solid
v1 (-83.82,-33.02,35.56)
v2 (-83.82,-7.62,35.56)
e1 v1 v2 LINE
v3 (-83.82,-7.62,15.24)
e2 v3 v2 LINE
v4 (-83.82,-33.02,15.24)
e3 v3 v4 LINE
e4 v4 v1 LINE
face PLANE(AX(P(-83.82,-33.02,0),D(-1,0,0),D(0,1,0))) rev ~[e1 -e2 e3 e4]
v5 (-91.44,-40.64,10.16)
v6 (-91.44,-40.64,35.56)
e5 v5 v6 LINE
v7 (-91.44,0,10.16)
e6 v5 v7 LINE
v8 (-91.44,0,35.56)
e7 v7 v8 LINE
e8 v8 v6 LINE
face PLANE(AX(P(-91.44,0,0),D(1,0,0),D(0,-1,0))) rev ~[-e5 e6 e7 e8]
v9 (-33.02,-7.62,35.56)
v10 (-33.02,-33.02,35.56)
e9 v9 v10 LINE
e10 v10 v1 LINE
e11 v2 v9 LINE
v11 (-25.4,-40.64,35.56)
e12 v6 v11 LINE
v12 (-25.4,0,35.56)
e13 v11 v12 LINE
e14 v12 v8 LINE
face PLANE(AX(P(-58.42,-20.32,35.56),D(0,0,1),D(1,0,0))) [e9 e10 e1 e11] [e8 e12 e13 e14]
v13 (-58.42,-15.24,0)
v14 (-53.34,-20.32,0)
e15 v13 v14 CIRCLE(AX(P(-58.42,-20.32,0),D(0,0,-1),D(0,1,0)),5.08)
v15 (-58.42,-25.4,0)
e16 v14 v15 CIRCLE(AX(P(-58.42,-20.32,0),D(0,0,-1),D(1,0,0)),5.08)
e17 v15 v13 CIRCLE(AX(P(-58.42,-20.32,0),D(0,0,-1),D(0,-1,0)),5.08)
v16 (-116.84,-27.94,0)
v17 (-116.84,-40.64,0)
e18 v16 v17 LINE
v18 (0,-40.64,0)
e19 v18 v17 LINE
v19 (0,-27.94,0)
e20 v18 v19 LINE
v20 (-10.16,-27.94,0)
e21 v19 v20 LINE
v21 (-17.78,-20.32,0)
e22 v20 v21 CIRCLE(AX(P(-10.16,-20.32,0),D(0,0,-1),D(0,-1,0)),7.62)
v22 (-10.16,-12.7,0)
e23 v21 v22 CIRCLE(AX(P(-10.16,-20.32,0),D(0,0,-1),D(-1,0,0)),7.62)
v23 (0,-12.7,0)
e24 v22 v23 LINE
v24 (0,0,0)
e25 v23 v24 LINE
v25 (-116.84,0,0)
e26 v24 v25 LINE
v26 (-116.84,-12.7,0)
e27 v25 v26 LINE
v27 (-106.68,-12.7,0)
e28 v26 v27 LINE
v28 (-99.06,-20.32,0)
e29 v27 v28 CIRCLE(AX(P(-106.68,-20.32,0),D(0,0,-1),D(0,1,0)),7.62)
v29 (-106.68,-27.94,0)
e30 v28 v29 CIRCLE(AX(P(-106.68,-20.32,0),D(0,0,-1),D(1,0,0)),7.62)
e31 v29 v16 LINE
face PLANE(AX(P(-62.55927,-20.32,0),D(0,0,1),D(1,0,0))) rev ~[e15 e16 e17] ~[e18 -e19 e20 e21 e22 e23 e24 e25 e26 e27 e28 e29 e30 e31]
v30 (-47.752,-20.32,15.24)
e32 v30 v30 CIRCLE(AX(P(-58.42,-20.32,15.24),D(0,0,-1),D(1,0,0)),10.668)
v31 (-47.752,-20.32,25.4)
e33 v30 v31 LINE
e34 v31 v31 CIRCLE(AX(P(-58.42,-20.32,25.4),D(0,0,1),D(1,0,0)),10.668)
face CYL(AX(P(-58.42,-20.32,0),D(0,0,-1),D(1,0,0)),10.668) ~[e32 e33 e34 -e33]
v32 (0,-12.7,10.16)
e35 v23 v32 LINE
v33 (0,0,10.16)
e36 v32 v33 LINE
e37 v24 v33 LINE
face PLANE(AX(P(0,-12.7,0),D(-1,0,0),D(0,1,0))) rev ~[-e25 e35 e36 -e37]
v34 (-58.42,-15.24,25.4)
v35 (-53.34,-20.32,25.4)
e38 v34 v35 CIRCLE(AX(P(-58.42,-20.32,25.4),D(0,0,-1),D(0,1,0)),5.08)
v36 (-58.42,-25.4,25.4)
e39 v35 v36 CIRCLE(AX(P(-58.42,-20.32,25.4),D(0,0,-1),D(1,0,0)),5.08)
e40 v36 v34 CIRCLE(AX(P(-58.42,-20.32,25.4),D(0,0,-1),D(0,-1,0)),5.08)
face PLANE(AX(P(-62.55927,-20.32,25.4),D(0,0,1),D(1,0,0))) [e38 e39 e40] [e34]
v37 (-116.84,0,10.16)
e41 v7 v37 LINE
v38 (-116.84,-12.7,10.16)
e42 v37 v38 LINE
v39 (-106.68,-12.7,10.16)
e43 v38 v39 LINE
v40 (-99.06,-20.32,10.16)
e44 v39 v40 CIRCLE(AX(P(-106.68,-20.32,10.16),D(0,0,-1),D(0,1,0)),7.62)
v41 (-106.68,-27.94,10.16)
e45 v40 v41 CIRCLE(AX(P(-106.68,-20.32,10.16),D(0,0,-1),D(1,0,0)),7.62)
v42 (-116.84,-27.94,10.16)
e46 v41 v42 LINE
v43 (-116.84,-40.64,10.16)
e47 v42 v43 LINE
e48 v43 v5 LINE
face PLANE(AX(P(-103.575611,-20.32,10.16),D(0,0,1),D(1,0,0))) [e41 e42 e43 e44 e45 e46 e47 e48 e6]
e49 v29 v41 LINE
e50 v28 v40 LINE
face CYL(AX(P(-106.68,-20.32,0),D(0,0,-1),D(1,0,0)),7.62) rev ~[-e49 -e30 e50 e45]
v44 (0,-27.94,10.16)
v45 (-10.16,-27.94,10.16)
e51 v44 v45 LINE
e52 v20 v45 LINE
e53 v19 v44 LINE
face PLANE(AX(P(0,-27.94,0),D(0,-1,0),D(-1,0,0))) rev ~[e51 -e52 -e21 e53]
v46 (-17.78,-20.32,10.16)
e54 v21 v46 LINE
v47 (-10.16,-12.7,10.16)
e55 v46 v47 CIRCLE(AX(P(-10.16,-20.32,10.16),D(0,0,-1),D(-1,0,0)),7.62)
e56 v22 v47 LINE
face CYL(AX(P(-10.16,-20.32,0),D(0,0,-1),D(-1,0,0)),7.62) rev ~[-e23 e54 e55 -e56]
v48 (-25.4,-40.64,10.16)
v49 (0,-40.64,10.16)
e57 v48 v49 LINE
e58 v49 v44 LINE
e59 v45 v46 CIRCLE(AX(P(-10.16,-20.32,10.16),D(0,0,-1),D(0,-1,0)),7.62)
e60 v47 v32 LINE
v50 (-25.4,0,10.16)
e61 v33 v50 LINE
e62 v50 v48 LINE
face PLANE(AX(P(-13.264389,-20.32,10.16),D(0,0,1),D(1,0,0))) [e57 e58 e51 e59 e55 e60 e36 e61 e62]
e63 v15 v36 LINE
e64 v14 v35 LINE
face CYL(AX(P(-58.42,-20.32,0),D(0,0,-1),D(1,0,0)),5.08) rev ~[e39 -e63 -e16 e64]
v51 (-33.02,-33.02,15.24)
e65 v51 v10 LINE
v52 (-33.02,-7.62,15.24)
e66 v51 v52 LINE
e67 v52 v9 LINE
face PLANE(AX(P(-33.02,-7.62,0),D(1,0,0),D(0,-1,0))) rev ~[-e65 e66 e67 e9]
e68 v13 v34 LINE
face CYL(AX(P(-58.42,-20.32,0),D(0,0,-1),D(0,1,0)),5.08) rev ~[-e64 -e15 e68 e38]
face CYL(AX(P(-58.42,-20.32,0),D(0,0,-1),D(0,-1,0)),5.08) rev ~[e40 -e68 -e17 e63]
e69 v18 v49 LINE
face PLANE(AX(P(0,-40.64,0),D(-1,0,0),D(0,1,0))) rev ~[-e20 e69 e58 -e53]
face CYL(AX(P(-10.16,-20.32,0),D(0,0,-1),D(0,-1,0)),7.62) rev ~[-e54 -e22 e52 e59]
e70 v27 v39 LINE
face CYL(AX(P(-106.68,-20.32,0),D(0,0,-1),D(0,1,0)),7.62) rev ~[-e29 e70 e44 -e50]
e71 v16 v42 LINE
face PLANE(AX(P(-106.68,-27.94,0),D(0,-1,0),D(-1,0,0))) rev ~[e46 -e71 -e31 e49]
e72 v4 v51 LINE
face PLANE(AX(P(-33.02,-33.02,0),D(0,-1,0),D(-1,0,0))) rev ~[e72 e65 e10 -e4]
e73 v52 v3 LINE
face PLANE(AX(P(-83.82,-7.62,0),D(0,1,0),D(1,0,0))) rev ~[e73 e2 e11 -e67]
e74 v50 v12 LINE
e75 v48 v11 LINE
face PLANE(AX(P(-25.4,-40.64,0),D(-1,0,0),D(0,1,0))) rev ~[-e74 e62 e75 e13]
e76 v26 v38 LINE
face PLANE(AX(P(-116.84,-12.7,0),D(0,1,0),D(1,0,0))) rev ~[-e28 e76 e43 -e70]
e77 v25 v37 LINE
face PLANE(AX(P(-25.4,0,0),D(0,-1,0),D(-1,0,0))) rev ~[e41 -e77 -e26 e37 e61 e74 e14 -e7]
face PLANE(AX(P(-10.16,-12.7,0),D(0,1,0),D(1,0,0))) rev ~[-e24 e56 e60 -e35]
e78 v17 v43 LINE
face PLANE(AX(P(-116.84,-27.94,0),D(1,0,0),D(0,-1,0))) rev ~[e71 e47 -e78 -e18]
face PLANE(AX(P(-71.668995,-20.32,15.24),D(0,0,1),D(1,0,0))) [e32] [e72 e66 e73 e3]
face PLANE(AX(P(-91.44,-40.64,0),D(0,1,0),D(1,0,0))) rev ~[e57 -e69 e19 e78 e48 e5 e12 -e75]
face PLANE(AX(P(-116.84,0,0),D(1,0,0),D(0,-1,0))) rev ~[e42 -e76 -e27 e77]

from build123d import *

# Parameters (mm, degrees)
F1_DEPTH = 10.16
F2_DEPTH = 35.56
F3_DEPTH = 15.24
F4_DEPTH = 25.4


with BuildPart() as f1:
    # F0 (on Top) → F1 (new body)
    with BuildSketch(Plane.XY):
        with BuildLine():
            Line((-91.44, -20.32), (-91.44, 0))
            Line((-91.44, 0), (-116.84, 0))
            Line((-116.84, 0), (-116.84, -12.7))
            Line((-116.84, -12.7), (-106.68, -12.7))
            ThreePointArc((-106.68, -12.7), (-101.2918463274, -14.9318463274), (-99.06, -20.32))
            ThreePointArc((-99.06, -20.32), (-101.2918463274, -25.7081536726), (-106.68, -27.94))
            Line((-106.68, -27.94), (-116.84, -27.94))
            Line((-116.84, -27.94), (-116.84, -40.64))
            Line((-116.84, -40.64), (-91.44, -40.64))
            Line((-91.44, -40.64), (-91.44, -20.32))
        make_face()
    extrude(amount=F1_DEPTH)



with BuildPart() as f1b:
    # F0 (on Top) → F1, piece 2 (new body)
    with BuildSketch(Plane.XY):
        with BuildLine():
            Line((0, -12.7), (0, 0))
            Line((0, 0), (-25.4, 0))
            Line((-25.4, 0), (-25.4, -20.32))
            Line((-25.4, -20.32), (-25.4, -40.64))
            Line((-25.4, -40.64), (0, -40.64))
            Line((0, -40.64), (0, -27.94))
            Line((0, -27.94), (-10.16, -27.94))
            ThreePointArc((-10.16, -27.94), (-15.5481536726, -25.7081536726), (-17.78, -20.32))
            ThreePointArc((-17.78, -20.32), (-15.5481536726, -14.9318463274), (-10.16, -12.7))
            Line((-10.16, -12.7), (0, -12.7))
        make_face()
    extrude(amount=F1_DEPTH)


with BuildPart() as f1_1:
    add(f1.part)

    add(f1b.part)  # F2 merges F1b
    # F0 (on Top) → F2 (join)
    with BuildSketch(Plane.XY):
        Polygon((-25.4, -20.32), (-25.4, 0), (-58.42, 0), (-91.44, 0), (-91.44, -20.32), (-91.44, -40.64), (-58.42, -40.64), (-25.4, -40.64), align=None)
        Polygon((-33.02, -7.62), (-33.02, -20.32), (-33.02, -33.02), (-58.42, -33.02), (-83.82, -33.02), (-83.82, -20.32), (-83.82, -7.62), (-58.42, -7.62), align=None, mode=Mode.SUBTRACT)
    extrude(amount=F2_DEPTH)

    # F0 (on Top) → F3 (join)
    with BuildSketch(Plane.XY):
        with BuildLine():
            Line((-58.42, -9.652), (-58.42, -7.62))
            Line((-58.42, -7.62), (-83.82, -7.62))
            Line((-83.82, -7.62), (-83.82, -20.32))
            Line((-83.82, -20.32), (-83.82, -33.02))
            Line((-83.82, -33.02), (-58.42, -33.02))
            Line((-58.42, -33.02), (-58.42, -30.988))
            ThreePointArc((-58.42, -30.988), (-69.088, -20.32), (-58.42, -9.652))
        make_face()
        with BuildLine():
            Line((-33.02, -33.02), (-33.02, -20.32))
            Line((-33.02, -20.32), (-33.02, -7.62))
            Line((-33.02, -7.62), (-58.42, -7.62))
            Line((-58.42, -7.62), (-58.42, -9.652))
            ThreePointArc((-58.42, -9.652), (-50.8765848583, -12.7765848583), (-47.752, -20.32))
            ThreePointArc((-47.752, -20.32), (-50.8765848583, -27.8634151417), (-58.42, -30.988))
            Line((-58.42, -30.988), (-58.42, -33.02))
            Line((-58.42, -33.02), (-33.02, -33.02))
        make_face()
    extrude(amount=F3_DEPTH)

    # F0 (on Top) → F4 (join)
    with BuildSketch(Plane.XY):
        with BuildLine():
            Line((-58.42, -15.24), (-58.42, -9.652))
            ThreePointArc((-58.42, -9.652), (-69.088, -20.32), (-58.42, -30.988))
            Line((-58.42, -30.988), (-58.42, -25.4))
            ThreePointArc((-58.42, -25.4), (-63.5, -20.32), (-58.42, -15.24))
        make_face()
        with BuildLine():
            ThreePointArc((-47.752, -20.32), (-50.8765848583, -12.7765848583), (-58.42, -9.652))
            Line((-58.42, -9.652), (-58.42, -15.24))
            ThreePointArc((-58.42, -15.24), (-54.8278975516, -16.7278975516), (-53.34, -20.32))
            ThreePointArc((-53.34, -20.32), (-54.8278975516, -23.9121024484), (-58.42, -25.4))
            Line((-58.42, -25.4), (-58.42, -30.988))
            ThreePointArc((-58.42, -30.988), (-50.8765848583, -27.8634151417), (-47.752, -20.32))
        make_face()
    extrude(amount=F4_DEPTH)


solid = f1_1.part
